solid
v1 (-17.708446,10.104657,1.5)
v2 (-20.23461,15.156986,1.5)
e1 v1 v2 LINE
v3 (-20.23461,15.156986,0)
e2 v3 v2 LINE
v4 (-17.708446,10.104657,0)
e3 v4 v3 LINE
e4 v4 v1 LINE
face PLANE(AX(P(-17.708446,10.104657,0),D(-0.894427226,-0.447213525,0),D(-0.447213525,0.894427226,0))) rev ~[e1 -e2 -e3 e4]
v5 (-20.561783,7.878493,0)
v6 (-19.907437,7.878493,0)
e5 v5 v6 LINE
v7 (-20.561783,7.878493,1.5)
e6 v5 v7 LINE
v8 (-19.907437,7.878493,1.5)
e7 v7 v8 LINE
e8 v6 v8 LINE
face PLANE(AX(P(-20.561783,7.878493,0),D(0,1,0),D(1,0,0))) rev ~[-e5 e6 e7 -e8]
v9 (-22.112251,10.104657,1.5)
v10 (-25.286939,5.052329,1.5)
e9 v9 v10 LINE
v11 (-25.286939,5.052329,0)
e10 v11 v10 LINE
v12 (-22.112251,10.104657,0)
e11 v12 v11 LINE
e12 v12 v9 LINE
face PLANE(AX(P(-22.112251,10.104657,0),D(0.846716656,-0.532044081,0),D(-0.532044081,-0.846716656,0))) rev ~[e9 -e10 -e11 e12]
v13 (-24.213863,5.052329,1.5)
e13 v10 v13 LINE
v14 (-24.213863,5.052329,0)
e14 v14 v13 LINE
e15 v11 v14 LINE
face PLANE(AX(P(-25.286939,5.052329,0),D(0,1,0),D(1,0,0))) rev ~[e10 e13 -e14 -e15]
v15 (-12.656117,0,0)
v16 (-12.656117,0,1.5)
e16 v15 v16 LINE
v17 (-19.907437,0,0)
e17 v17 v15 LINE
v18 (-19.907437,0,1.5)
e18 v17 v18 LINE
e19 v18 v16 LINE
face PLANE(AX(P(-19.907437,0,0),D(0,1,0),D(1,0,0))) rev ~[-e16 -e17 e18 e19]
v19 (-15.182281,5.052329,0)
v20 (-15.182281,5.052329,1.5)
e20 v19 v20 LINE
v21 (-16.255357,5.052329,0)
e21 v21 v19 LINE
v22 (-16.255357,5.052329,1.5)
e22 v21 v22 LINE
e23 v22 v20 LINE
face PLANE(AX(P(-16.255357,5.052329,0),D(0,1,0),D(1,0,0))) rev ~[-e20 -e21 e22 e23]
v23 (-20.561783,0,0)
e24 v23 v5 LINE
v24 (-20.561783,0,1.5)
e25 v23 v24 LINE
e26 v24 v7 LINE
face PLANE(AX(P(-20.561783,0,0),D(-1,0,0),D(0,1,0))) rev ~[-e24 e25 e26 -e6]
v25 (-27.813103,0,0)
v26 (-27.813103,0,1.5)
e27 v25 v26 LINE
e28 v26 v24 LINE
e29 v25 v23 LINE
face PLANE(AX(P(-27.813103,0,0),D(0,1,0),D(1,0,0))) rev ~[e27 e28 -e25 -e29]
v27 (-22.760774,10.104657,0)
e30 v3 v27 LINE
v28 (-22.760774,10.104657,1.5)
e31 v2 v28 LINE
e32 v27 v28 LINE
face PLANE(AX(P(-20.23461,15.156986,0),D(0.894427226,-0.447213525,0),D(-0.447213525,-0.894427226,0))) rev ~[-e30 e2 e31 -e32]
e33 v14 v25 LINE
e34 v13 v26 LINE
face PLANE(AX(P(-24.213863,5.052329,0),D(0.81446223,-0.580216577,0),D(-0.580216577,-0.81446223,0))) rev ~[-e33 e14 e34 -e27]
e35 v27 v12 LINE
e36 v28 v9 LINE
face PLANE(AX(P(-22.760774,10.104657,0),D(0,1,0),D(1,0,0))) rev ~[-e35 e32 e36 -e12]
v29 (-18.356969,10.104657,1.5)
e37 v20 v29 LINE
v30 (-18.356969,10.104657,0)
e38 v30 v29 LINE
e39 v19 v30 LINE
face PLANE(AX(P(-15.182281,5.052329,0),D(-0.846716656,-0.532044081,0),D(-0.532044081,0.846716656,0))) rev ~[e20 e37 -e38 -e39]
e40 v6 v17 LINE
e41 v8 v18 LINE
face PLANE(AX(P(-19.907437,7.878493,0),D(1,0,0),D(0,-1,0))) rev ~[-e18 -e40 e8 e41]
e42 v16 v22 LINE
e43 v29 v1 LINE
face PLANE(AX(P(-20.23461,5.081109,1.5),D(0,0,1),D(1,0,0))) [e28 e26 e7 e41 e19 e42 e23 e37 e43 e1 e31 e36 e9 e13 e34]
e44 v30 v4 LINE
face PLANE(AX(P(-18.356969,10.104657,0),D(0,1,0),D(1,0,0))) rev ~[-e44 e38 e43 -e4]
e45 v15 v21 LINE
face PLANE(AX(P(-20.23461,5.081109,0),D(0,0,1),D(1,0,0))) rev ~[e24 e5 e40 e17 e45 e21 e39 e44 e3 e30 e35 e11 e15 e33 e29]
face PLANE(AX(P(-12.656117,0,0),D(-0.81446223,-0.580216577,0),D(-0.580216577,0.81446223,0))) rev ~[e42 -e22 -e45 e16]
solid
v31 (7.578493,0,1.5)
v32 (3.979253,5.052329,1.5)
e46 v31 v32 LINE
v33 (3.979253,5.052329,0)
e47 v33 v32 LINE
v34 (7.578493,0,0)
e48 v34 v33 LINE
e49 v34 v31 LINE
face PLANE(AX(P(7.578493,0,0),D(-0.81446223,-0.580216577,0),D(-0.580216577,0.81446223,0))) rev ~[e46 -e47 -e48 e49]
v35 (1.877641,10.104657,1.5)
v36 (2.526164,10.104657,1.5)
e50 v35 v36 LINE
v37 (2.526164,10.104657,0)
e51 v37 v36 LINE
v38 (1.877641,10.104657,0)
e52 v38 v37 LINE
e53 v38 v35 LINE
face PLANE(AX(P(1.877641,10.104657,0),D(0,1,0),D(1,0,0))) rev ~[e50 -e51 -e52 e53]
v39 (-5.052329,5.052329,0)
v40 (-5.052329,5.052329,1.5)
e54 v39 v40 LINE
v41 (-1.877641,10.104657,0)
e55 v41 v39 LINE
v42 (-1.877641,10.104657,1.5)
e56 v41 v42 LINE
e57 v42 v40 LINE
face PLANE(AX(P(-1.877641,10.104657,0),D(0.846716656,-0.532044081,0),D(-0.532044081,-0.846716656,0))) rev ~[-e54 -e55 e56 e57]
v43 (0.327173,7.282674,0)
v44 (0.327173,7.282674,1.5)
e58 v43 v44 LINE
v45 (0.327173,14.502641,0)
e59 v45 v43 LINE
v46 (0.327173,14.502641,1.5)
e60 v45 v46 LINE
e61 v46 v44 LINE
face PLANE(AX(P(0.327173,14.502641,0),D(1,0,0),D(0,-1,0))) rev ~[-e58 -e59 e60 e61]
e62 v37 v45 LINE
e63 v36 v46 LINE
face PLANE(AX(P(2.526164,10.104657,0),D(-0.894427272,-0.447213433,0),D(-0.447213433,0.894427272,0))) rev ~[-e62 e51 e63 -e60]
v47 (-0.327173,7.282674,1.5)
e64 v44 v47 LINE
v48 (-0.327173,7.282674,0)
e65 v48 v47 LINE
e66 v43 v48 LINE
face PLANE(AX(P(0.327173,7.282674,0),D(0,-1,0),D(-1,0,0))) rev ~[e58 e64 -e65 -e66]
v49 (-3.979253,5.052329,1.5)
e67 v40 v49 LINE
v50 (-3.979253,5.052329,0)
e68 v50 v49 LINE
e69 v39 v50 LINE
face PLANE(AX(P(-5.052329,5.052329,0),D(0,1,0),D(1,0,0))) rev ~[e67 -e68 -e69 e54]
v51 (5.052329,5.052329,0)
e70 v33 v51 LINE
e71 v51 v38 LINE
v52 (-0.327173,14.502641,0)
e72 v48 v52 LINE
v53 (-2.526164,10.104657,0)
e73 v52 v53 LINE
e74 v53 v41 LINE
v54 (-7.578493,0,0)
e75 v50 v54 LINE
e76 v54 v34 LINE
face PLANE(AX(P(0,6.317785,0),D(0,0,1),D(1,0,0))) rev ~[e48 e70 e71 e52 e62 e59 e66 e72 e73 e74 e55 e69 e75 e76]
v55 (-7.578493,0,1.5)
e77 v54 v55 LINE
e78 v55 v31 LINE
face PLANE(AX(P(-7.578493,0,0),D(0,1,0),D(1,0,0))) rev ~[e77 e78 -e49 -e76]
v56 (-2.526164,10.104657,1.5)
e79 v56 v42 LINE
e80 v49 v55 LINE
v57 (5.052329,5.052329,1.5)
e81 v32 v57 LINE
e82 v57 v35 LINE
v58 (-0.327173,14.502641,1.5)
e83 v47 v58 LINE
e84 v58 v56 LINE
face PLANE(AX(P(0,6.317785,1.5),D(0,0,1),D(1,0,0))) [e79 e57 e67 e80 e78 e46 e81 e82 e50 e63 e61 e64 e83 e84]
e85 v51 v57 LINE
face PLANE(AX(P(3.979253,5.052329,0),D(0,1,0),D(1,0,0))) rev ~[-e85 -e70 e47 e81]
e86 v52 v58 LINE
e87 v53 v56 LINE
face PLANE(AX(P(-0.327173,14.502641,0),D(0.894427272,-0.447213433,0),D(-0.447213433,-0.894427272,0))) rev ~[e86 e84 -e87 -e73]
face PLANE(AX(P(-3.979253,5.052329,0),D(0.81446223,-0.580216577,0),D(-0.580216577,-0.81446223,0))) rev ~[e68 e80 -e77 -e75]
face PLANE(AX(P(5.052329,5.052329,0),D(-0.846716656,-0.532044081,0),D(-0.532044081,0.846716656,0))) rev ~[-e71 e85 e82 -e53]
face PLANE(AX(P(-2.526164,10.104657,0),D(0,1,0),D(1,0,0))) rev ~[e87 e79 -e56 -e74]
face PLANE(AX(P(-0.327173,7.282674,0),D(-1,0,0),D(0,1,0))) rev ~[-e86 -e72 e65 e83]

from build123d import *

# Parameters (mm, degrees)
F1_DEPTH = 1.5


with BuildPart() as f1:
    # F0 (on Top) → F1 (new body)
    with BuildSketch(Plane.XY):
        Polygon((-18.356969, 10.104657), (-17.708446, 10.104657), (-20.23461, 15.156986), (-22.760774, 10.104657), (-22.112251, 10.104657), (-25.286939, 5.052329), (-24.213863, 5.052329), (-27.813103, 0), (-20.561783, 0), (-20.561783, 0.654345), (-20.561783, 7.578493), (-20.561783, 7.878493), (-19.907437, 7.878493), (-19.907437, 7.578493), (-19.907437, 0.654345), (-19.907437, 0), (-12.656117, 0), (-16.255357, 5.052329), (-15.182281, 5.052329), align=None)
        Polygon((0, 0), (7.578493, 0), (3.979253, 5.052329), (5.052329, 5.052329), (1.877641, 10.104657), (2.526164, 10.104657), (0.327173, 14.502641), (0.327173, 7.578493), (0.327173, 7.282674), (-0.327173, 7.282674), (-0.327173, 7.578493), (-0.327173, 14.502641), (-2.526164, 10.104657), (-1.877641, 10.104657), (-5.052329, 5.052329), (-3.979253, 5.052329), (-7.578493, 0), align=None)
    extrude(amount=F1_DEPTH)


solid = f1.part
